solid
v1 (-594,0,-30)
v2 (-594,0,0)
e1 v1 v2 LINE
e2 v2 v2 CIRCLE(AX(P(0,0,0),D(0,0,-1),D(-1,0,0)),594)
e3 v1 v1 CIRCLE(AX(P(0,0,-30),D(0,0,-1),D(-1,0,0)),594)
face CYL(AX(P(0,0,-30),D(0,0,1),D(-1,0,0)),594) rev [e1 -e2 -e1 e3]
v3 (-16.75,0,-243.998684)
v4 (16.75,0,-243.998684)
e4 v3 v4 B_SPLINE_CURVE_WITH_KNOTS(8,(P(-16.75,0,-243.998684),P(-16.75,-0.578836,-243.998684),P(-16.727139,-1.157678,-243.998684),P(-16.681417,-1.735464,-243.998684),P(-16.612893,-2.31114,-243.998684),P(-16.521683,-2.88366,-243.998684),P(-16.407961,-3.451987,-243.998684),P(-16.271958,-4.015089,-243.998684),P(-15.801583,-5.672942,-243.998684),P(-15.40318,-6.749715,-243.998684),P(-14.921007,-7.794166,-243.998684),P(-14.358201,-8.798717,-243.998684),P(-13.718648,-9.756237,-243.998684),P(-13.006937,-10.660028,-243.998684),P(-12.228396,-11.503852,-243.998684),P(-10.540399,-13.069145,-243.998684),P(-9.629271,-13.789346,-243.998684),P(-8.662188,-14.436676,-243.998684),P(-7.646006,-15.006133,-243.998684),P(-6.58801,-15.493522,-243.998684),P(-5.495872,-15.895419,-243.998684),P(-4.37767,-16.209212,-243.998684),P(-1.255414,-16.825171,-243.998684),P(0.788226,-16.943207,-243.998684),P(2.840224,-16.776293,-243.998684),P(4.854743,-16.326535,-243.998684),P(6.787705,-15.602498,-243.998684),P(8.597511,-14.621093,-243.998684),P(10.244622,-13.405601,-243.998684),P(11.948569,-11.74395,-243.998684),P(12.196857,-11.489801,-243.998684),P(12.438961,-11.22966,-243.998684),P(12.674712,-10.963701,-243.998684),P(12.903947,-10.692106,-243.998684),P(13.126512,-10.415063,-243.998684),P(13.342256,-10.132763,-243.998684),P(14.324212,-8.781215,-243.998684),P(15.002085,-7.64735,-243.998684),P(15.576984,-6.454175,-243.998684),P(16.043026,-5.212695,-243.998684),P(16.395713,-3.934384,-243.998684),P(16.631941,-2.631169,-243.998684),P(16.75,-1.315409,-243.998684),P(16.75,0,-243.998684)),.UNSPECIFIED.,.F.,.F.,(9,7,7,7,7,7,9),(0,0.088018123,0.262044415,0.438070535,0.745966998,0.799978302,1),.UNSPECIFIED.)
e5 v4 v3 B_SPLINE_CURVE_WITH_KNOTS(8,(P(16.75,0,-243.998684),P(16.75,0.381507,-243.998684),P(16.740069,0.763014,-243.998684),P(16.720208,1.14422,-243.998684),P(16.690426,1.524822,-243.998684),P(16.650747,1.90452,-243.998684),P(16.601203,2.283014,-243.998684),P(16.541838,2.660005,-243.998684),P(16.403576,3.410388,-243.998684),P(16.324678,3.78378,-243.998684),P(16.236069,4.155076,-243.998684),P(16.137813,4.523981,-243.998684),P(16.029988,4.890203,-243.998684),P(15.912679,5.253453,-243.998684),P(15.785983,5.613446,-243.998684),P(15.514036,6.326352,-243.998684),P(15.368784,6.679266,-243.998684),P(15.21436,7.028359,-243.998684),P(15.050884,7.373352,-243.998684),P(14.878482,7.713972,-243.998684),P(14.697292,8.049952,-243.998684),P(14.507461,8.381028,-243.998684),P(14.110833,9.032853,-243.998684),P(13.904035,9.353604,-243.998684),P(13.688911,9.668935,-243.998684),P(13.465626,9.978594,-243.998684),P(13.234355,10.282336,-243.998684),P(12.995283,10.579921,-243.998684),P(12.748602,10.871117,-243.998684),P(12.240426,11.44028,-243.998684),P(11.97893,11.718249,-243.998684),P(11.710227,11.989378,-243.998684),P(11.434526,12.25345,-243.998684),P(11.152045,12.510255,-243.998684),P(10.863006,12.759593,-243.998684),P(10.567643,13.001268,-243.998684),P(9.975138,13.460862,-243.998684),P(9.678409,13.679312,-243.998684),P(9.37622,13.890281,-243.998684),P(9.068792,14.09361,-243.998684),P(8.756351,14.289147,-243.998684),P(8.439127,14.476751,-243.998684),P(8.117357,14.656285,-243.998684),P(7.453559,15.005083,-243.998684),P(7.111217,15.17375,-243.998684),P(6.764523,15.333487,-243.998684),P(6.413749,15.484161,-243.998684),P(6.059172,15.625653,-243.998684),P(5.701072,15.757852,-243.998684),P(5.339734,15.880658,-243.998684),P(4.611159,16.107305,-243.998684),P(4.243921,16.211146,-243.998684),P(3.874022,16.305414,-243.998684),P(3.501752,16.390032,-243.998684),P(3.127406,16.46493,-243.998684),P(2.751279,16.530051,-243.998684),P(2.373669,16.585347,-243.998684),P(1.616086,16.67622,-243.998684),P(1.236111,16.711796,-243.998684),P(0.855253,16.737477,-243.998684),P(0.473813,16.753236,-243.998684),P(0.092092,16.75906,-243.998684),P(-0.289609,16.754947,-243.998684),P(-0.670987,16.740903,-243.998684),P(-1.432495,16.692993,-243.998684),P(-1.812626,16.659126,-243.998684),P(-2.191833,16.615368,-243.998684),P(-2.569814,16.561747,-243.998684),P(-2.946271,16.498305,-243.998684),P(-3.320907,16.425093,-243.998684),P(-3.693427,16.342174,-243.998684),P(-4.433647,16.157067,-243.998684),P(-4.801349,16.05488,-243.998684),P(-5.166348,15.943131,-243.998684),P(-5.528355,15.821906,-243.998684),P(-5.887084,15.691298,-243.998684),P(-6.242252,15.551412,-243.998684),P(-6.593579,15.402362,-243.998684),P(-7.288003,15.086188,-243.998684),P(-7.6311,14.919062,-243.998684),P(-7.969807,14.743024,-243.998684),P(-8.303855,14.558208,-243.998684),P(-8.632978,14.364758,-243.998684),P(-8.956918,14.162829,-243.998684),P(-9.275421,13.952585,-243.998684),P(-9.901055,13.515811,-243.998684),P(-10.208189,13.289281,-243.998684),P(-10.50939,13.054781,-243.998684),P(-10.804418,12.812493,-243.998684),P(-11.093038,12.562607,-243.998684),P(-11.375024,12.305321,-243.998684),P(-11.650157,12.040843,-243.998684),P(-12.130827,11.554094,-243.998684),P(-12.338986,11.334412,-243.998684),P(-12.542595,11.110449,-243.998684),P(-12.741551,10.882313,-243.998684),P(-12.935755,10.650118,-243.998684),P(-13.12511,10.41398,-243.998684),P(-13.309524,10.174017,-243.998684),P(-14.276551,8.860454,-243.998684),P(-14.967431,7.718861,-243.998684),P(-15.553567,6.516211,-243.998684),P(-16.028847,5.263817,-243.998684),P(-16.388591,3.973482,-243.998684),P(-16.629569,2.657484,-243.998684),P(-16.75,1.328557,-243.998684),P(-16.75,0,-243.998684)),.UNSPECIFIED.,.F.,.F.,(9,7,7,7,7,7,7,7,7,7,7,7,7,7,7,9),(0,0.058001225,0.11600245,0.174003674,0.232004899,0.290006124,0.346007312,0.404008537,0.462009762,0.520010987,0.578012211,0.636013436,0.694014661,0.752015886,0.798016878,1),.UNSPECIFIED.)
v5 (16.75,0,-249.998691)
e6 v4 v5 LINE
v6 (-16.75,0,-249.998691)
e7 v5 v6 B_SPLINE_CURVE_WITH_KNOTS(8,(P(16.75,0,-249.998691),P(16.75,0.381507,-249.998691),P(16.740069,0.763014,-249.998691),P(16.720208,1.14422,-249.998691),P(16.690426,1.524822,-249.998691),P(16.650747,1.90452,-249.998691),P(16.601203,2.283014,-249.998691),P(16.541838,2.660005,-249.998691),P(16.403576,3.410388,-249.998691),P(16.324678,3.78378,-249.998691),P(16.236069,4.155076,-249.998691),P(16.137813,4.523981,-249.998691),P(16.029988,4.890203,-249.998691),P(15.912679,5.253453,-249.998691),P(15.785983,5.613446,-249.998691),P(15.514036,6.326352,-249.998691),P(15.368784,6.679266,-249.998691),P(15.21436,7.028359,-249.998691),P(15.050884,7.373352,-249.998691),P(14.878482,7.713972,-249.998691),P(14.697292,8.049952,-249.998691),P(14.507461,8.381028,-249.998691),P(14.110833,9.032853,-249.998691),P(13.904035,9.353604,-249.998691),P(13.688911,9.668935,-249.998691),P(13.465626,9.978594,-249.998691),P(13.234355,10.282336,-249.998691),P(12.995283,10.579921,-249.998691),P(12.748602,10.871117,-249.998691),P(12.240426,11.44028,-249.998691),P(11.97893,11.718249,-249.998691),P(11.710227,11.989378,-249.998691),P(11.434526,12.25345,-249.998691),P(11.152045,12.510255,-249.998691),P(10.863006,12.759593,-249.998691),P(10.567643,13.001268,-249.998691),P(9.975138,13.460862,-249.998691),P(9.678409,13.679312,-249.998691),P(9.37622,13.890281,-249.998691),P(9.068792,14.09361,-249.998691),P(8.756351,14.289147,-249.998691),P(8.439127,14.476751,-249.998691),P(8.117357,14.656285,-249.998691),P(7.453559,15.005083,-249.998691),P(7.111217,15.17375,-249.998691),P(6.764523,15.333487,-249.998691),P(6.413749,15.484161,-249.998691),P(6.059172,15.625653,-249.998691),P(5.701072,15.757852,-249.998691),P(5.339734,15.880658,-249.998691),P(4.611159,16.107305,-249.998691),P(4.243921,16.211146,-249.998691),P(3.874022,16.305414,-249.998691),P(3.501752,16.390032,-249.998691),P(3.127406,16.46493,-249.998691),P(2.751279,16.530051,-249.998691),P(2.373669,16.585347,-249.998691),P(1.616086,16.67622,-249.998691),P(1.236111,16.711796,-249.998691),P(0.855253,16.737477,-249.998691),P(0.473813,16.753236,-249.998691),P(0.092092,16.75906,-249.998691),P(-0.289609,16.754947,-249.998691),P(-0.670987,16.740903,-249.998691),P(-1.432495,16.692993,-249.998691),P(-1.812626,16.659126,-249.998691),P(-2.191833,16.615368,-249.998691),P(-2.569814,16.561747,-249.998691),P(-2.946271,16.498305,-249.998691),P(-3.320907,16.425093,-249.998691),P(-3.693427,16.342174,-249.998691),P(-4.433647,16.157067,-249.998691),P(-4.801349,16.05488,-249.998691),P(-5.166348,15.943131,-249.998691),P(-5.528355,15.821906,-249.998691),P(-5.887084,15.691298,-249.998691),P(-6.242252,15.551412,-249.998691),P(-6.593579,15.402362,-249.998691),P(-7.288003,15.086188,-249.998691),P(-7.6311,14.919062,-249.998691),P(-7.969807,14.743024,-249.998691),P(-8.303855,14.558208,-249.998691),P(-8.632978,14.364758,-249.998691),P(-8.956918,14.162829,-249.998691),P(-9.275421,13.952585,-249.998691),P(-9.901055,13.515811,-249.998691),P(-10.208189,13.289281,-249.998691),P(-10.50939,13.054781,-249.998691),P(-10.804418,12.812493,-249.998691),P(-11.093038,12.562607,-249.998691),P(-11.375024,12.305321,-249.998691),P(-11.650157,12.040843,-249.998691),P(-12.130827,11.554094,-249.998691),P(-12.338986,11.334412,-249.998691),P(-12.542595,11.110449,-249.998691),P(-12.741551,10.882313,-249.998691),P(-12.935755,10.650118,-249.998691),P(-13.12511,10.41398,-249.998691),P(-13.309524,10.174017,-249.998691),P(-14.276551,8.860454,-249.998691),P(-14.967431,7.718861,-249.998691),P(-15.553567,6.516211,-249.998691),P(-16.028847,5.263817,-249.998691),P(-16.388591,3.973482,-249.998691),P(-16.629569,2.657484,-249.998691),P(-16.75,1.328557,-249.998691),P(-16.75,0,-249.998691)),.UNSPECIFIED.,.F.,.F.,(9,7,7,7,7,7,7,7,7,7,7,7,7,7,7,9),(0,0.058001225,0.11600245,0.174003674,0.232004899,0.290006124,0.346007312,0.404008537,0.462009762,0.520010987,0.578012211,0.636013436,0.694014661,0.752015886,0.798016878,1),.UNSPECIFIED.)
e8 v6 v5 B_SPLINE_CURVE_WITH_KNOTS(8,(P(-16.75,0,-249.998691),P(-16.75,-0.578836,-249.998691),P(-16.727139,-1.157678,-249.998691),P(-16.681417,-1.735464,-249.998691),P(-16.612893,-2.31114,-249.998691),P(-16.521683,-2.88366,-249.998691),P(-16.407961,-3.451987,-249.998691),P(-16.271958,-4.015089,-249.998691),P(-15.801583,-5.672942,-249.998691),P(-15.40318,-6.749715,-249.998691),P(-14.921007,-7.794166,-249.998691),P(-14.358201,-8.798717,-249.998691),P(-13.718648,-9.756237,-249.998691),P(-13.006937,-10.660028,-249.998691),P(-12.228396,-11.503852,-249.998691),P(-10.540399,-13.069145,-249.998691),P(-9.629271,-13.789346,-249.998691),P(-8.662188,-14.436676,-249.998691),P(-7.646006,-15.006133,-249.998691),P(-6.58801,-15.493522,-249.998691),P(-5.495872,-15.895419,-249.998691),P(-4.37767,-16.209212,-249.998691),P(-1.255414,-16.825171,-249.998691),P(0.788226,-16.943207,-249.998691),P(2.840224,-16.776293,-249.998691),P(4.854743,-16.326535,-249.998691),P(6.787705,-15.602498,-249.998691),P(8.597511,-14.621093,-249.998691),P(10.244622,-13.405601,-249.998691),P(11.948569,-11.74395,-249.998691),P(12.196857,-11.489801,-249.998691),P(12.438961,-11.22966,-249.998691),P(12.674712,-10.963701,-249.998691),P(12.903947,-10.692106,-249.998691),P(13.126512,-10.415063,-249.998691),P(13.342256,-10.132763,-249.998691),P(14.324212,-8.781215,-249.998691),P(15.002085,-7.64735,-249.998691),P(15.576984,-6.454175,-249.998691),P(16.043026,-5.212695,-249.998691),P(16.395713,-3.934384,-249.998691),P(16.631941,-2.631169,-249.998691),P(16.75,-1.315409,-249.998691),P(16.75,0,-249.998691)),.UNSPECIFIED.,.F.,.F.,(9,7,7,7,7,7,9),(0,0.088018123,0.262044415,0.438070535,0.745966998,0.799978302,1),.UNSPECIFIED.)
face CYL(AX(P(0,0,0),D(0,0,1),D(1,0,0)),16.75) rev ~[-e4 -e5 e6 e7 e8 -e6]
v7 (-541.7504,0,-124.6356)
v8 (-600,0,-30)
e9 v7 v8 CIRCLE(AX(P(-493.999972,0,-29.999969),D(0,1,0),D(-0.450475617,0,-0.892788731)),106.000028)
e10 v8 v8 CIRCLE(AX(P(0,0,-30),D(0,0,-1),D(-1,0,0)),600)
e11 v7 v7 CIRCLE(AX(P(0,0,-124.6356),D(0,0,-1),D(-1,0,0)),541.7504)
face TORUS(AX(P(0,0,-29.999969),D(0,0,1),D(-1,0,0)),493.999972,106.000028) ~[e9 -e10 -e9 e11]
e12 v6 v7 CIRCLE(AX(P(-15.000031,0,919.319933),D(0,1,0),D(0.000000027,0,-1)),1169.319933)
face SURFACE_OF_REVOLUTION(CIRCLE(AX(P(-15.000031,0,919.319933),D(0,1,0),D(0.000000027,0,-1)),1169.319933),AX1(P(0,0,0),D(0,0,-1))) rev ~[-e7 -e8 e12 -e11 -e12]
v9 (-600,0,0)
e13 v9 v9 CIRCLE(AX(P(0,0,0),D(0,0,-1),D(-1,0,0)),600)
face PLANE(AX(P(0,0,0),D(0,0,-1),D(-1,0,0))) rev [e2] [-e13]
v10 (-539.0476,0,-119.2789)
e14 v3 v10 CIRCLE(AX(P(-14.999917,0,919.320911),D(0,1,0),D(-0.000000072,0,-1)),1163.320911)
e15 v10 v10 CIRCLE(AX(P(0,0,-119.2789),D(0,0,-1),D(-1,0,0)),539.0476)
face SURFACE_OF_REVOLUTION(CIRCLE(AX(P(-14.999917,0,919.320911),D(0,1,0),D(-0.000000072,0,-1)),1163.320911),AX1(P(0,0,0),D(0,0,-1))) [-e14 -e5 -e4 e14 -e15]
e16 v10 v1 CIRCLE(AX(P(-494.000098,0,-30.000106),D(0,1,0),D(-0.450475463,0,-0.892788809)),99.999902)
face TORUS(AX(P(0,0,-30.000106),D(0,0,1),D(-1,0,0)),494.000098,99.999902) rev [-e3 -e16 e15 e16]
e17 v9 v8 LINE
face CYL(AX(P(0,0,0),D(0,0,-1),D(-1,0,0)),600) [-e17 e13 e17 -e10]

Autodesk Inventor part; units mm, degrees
ref_plane "YZ Plane" through (0, 0, 0) normal (1, 0, 0) x (0, 1, 0)
ref_plane "XZ Plane" through (0, 0, 0) normal (0, 1, 0) x (-1, 0, 0)
ref_plane "XY Plane" through (0, 0, 0) normal (0, 0, 1) x (1, 0, 0)
sketch "Sketch1" plane through (0, 0, 0) normal (0, 1, 0) x (-1, 0, 0)
  line L0 (600, 0) -> (600, -30)
  arc A0 (541.7504, -124.6356) -> (600, -30) centre (494, -30) ccw
  arc A1 (15, -250) -> (541.7504, -124.6356) centre (15, 919.3202) ccw
  line L1 (0, 0) -> (0, -191.6842)
  arc A2 (15, -244) -> (539.0476, -119.2789) centre (15, 919.3202) ccw
  arc A3 (539.0476, -119.2789) -> (594, -30) centre (494, -30) ccw
  line L2 (594, -30) -> (594, 0)
  line L3 (594, 0) -> (600, 0)
  line L4 (0, -244) -> (0, -250)
  line L5 (0, -250) -> (15, -250)
  line L6 (0, -244) -> (15, -244)
  point P0 (0, 0)
  point P1 (0, -163.7009)
  point P2 (0, -169.7009)
  dimension "d1" = 30
  dimension "d3" = 1169.3202
  dimension "d11" = 1188
  dimension "d12" = 250
  dimension "d13" = 6
  dimension "d14" = 30
  dimension "d15" = 100
revolve "Revolution1" add sketch "Sketch1" angle 360 about axis through (0, 0, 0) along (0, 0, -1)
sketch "Sketch2" plane through (0, 0, 0) normal (0, 0, 1) x (1, 0, 0)
  circle A0 centre (0, 0) radius 16.75
  dimension "d8" = 33.5
extrude "Extrusion1" cut sketch "Sketch2" against normal through all
properties part number "PRS 1604 dished head D1000_1200"
